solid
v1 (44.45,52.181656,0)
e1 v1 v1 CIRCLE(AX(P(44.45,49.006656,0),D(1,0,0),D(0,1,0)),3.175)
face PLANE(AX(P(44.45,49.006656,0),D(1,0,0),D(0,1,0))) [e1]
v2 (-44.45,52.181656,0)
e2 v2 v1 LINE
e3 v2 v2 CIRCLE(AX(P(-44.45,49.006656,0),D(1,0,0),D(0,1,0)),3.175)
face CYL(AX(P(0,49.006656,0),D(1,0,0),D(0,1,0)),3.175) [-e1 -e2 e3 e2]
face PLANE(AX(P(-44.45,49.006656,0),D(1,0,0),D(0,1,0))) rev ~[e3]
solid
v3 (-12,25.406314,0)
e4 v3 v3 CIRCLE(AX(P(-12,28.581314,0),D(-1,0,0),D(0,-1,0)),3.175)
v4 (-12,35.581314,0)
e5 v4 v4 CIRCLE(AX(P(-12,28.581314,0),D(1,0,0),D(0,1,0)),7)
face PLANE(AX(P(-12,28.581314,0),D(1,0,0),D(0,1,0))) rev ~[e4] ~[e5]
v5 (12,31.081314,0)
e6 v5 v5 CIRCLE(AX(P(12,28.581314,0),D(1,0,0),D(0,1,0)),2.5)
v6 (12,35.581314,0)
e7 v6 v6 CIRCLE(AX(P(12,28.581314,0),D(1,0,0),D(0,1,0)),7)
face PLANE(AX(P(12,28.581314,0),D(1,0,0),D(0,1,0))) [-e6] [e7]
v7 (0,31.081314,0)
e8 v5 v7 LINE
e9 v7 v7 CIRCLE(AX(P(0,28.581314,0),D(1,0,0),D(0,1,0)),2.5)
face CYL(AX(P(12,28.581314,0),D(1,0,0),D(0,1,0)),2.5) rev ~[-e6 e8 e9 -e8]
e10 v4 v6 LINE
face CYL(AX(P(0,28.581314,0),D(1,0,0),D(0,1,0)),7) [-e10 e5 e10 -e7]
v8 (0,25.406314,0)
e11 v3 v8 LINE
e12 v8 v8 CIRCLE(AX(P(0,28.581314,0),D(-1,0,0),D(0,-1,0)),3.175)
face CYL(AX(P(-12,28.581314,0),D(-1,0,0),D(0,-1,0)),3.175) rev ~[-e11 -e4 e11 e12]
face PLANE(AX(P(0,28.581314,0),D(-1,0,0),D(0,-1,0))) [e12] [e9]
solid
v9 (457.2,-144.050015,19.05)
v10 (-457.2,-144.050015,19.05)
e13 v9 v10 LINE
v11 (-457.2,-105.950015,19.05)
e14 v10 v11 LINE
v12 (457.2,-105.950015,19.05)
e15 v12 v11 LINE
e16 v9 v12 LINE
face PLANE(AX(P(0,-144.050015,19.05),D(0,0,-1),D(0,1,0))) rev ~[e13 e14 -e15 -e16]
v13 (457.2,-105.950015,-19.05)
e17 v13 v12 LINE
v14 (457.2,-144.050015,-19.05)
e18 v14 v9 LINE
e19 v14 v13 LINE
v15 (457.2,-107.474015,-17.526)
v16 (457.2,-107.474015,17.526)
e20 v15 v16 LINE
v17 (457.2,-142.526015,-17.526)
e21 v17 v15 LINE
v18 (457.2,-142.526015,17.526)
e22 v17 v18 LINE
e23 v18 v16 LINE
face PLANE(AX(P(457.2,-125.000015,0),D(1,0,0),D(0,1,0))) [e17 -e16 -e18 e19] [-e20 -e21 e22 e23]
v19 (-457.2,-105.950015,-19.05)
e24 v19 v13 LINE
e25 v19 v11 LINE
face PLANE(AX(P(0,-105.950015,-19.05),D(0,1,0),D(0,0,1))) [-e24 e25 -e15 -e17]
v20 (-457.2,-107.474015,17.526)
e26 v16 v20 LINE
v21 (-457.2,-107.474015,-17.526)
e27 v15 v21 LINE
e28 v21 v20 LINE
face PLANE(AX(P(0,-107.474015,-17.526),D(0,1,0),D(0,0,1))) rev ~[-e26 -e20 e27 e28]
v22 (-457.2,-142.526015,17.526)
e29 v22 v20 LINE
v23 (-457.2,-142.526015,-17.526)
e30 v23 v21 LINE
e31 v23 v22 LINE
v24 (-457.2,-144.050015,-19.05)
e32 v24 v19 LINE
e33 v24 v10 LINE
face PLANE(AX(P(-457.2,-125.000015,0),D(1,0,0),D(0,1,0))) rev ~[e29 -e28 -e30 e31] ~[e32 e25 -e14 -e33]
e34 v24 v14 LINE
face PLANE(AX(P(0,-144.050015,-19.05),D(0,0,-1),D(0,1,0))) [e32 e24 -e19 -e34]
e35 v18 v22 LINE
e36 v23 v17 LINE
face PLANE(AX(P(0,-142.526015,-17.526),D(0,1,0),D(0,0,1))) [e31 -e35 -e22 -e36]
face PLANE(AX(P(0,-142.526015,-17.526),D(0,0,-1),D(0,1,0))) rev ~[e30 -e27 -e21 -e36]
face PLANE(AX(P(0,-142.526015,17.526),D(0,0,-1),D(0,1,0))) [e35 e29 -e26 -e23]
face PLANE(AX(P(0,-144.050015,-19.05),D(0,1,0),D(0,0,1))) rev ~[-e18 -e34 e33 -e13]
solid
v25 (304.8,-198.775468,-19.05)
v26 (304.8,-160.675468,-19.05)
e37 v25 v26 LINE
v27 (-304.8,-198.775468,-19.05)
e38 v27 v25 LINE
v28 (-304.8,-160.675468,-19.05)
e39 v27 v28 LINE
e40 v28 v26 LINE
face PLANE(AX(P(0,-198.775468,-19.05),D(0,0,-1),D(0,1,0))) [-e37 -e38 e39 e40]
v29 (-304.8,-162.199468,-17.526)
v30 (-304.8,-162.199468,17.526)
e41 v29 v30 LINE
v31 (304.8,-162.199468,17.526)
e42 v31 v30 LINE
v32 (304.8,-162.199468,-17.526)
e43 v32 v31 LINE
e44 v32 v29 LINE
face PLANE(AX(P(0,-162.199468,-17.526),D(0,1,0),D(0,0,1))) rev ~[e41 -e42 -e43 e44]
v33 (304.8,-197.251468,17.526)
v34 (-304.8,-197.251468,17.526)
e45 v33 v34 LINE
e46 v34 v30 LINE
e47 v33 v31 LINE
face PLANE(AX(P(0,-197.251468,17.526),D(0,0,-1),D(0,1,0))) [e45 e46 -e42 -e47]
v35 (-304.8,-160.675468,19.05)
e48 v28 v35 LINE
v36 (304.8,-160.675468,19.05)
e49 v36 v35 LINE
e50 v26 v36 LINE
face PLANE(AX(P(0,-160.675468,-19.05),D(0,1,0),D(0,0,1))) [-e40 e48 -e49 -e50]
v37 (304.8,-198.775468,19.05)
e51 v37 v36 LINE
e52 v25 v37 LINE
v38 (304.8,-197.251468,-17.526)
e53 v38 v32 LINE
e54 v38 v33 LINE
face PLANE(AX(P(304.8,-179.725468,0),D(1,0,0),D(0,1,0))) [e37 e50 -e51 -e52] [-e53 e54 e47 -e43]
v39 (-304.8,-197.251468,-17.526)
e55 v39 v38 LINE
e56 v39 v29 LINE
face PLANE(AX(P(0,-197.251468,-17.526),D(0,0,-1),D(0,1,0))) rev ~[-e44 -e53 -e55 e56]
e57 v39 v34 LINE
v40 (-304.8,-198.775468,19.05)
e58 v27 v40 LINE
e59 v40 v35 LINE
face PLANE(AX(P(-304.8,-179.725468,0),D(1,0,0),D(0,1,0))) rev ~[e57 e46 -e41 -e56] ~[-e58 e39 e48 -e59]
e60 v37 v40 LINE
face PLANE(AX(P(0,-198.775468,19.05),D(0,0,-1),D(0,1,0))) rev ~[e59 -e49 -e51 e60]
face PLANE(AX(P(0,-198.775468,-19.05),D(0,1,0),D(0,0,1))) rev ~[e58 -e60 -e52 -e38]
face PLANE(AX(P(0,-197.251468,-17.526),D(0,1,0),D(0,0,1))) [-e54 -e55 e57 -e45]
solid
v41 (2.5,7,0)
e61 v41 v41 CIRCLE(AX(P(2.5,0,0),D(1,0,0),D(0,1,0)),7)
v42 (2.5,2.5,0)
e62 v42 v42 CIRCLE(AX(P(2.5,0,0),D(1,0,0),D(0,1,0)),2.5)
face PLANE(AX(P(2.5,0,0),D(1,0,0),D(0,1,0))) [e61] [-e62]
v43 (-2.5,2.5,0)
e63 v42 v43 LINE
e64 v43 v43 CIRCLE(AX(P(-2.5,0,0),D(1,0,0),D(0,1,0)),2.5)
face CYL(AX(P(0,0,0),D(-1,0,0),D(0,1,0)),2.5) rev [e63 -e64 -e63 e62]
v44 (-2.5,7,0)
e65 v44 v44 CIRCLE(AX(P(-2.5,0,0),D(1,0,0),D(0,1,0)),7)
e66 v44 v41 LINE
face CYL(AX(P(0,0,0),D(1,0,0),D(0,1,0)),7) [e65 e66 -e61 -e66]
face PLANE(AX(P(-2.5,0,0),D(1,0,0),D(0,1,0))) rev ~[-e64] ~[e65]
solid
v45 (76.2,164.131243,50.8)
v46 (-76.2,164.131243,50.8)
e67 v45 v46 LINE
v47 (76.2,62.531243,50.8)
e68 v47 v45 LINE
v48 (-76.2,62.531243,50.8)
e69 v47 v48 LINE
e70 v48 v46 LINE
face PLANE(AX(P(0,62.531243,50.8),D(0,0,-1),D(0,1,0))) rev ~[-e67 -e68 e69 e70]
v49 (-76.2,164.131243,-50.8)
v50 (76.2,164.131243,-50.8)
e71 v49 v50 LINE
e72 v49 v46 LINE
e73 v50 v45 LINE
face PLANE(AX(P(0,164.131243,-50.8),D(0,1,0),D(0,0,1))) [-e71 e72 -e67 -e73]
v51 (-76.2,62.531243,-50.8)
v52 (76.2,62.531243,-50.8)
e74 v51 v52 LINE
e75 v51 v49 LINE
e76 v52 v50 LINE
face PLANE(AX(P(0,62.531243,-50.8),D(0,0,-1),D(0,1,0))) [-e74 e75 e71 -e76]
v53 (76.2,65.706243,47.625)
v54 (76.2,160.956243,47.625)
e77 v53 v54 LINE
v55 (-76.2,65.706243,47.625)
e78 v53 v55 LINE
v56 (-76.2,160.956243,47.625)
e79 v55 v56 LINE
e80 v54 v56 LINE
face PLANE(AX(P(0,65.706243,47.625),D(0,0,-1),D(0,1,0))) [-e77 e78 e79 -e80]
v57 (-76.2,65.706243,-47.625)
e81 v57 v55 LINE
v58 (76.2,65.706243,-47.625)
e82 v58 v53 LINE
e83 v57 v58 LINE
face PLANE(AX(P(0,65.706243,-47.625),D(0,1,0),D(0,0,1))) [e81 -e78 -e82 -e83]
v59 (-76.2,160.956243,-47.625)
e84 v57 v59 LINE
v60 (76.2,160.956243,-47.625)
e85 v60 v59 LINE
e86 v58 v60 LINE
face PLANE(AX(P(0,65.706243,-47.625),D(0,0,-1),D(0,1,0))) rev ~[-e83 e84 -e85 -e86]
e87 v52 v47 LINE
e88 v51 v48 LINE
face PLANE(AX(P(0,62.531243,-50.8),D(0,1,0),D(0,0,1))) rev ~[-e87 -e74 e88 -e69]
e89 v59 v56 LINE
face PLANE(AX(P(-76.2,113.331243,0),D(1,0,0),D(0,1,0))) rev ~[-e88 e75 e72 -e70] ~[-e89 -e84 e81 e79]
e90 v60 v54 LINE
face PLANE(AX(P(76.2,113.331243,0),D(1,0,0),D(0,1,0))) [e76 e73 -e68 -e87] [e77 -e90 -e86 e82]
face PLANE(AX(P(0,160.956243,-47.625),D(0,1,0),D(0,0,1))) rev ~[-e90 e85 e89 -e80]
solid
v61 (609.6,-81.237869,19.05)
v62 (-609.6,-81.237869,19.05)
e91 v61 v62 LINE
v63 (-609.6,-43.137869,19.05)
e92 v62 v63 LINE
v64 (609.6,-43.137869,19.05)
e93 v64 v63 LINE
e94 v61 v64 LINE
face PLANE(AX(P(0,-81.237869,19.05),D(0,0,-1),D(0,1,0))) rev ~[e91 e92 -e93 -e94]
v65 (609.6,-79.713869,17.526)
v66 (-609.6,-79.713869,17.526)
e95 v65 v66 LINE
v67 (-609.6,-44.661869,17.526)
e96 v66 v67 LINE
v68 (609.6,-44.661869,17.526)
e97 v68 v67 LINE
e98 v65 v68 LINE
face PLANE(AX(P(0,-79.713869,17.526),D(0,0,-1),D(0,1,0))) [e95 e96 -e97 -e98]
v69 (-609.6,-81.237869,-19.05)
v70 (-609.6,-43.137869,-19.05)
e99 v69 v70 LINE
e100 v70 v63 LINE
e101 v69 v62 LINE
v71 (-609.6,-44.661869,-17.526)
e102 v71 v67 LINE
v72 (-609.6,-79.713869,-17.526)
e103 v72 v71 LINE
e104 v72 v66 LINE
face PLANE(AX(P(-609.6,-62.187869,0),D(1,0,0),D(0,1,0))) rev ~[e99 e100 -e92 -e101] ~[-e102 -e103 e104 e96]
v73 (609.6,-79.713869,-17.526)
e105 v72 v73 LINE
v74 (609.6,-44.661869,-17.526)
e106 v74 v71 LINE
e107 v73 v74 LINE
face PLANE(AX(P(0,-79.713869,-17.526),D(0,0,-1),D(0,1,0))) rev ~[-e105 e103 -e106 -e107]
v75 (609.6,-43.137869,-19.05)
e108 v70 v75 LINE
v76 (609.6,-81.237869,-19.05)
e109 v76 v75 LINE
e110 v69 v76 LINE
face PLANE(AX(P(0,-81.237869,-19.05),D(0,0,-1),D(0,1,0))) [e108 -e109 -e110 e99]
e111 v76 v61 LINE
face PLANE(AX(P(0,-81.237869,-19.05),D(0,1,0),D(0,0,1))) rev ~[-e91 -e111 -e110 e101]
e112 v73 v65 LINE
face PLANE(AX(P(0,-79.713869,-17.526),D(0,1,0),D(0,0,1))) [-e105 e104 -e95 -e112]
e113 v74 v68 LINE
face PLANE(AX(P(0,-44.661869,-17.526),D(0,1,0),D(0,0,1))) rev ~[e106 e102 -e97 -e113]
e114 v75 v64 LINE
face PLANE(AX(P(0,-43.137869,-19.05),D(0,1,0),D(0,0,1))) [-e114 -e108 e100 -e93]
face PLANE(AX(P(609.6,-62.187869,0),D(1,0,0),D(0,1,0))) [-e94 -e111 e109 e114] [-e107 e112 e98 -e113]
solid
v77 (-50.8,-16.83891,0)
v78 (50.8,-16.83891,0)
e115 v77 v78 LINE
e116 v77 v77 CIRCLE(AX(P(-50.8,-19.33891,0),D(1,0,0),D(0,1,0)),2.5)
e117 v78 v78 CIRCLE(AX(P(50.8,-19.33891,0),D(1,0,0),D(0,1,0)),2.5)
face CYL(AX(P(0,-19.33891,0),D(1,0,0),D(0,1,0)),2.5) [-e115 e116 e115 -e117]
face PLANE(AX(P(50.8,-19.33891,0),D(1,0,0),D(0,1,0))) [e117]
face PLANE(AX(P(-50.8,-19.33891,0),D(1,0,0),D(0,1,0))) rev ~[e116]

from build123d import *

# Parameters (mm, degrees)
F0_W      = 38.1
F0_H      = 38.1
F0_W_2    = 35.052
F0_H_2    = 35.052
F3_DEPTH  = 609.6
F2_R      = 2.5
F4_DEPTH  = 50.8
F1_R      = 7
F1_R_2    = 2.5
F5_DEPTH  = 2.5
F6_DEPTH  = 457.2
F7_DEPTH  = 304.8
F8_R      = 7
F9_DEPTH  = 12
F10_R     = 2.5
F11_DEPTH = 12
F12_R     = 3.175
F13_DEPTH = 12
F14_R     = 3.175
F15_DEPTH = 44.45
F16_W     = 101.6
F16_H     = 101.6
F16_W_2   = 95.25
F16_H_2   = 95.25
F17_DEPTH = 76.2


with BuildPart() as f3:
    # F0 (on Right) → F3 (new body, symmetric)
    with BuildSketch(Plane.YZ):
        with Locations((-62.187869, 0)):
            Rectangle(F0_W, F0_H)
        with Locations((-62.187869, 0)):
            Rectangle(F0_W_2, F0_H_2, mode=Mode.SUBTRACT)
    extrude(amount=F3_DEPTH, both=True)


with BuildPart() as f4:
    # F2 (on Right) → F4 (new body, symmetric)
    with BuildSketch(Plane.YZ):
        with Locations((-19.33891, 0)):
            Circle(F2_R)
    extrude(amount=F4_DEPTH, both=True)


with BuildPart() as f5:
    # F1 (on Right) → F5 (new body, symmetric)
    with BuildSketch(Plane.YZ):
        Circle(F1_R)
        Circle(F1_R_2, mode=Mode.SUBTRACT)
    extrude(amount=F5_DEPTH, both=True)


with BuildPart() as f6:
    # F0 (on Right) → F6 (new body, symmetric)
    with BuildSketch(Plane.YZ):
        with Locations((-125.000015, 0)):
            Rectangle(F0_W, F0_H)
        with Locations((-125.000015, 0)):
            Rectangle(F0_W_2, F0_H_2, mode=Mode.SUBTRACT)
    extrude(amount=F6_DEPTH, both=True)


with BuildPart() as f7:
    # F0 (on Right) → F7 (new body, symmetric)
    with BuildSketch(Plane.YZ):
        with Locations((-179.725468, 0)):
            Rectangle(F0_W, F0_H)
        with Locations((-179.725468, 0)):
            Rectangle(F0_W_2, F0_H_2, mode=Mode.SUBTRACT)
    extrude(amount=F7_DEPTH, both=True)


with BuildPart() as f9:
    # F8 (on Right) → F9 (new body, symmetric)
    with BuildSketch(Plane.YZ):
        with Locations((28.581314, 0)):
            Circle(F8_R)
    extrude(amount=F9_DEPTH, both=True)

    # F10 (on face) → F11 (cut)
    with BuildSketch(Plane.YZ.offset(12)):
        with Locations((28.581314, 0)):
            Circle(F10_R)
    extrude(amount=-F11_DEPTH, mode=Mode.SUBTRACT)

    # F12 (on face) → F13 (cut)
    with BuildSketch(Plane(origin=(-12, 0, 0), x_dir=(0, -1, 0), z_dir=(-1, 0, 0))):
        with Locations((-28.581314, 0)):
            Circle(F12_R)
    extrude(amount=-F13_DEPTH, mode=Mode.SUBTRACT)


with BuildPart() as f15:
    # F14 (on Right) → F15 (new body, symmetric)
    with BuildSketch(Plane.YZ):
        with Locations((49.006656, 0)):
            Circle(F14_R)
    extrude(amount=F15_DEPTH, both=True)


with BuildPart() as f17:
    # F16 (on Right) → F17 (new body, symmetric)
    with BuildSketch(Plane.YZ):
        with Locations((113.331243, 0)):
            Rectangle(F16_W, F16_H)
        with Locations((113.331243, 0)):
            Rectangle(F16_W_2, F16_H_2, mode=Mode.SUBTRACT)
    extrude(amount=F17_DEPTH, both=True)


solid = Compound([f3.part, f4.part, f5.part, f6.part, f7.part, f9.part, f15.part, f17.part])
